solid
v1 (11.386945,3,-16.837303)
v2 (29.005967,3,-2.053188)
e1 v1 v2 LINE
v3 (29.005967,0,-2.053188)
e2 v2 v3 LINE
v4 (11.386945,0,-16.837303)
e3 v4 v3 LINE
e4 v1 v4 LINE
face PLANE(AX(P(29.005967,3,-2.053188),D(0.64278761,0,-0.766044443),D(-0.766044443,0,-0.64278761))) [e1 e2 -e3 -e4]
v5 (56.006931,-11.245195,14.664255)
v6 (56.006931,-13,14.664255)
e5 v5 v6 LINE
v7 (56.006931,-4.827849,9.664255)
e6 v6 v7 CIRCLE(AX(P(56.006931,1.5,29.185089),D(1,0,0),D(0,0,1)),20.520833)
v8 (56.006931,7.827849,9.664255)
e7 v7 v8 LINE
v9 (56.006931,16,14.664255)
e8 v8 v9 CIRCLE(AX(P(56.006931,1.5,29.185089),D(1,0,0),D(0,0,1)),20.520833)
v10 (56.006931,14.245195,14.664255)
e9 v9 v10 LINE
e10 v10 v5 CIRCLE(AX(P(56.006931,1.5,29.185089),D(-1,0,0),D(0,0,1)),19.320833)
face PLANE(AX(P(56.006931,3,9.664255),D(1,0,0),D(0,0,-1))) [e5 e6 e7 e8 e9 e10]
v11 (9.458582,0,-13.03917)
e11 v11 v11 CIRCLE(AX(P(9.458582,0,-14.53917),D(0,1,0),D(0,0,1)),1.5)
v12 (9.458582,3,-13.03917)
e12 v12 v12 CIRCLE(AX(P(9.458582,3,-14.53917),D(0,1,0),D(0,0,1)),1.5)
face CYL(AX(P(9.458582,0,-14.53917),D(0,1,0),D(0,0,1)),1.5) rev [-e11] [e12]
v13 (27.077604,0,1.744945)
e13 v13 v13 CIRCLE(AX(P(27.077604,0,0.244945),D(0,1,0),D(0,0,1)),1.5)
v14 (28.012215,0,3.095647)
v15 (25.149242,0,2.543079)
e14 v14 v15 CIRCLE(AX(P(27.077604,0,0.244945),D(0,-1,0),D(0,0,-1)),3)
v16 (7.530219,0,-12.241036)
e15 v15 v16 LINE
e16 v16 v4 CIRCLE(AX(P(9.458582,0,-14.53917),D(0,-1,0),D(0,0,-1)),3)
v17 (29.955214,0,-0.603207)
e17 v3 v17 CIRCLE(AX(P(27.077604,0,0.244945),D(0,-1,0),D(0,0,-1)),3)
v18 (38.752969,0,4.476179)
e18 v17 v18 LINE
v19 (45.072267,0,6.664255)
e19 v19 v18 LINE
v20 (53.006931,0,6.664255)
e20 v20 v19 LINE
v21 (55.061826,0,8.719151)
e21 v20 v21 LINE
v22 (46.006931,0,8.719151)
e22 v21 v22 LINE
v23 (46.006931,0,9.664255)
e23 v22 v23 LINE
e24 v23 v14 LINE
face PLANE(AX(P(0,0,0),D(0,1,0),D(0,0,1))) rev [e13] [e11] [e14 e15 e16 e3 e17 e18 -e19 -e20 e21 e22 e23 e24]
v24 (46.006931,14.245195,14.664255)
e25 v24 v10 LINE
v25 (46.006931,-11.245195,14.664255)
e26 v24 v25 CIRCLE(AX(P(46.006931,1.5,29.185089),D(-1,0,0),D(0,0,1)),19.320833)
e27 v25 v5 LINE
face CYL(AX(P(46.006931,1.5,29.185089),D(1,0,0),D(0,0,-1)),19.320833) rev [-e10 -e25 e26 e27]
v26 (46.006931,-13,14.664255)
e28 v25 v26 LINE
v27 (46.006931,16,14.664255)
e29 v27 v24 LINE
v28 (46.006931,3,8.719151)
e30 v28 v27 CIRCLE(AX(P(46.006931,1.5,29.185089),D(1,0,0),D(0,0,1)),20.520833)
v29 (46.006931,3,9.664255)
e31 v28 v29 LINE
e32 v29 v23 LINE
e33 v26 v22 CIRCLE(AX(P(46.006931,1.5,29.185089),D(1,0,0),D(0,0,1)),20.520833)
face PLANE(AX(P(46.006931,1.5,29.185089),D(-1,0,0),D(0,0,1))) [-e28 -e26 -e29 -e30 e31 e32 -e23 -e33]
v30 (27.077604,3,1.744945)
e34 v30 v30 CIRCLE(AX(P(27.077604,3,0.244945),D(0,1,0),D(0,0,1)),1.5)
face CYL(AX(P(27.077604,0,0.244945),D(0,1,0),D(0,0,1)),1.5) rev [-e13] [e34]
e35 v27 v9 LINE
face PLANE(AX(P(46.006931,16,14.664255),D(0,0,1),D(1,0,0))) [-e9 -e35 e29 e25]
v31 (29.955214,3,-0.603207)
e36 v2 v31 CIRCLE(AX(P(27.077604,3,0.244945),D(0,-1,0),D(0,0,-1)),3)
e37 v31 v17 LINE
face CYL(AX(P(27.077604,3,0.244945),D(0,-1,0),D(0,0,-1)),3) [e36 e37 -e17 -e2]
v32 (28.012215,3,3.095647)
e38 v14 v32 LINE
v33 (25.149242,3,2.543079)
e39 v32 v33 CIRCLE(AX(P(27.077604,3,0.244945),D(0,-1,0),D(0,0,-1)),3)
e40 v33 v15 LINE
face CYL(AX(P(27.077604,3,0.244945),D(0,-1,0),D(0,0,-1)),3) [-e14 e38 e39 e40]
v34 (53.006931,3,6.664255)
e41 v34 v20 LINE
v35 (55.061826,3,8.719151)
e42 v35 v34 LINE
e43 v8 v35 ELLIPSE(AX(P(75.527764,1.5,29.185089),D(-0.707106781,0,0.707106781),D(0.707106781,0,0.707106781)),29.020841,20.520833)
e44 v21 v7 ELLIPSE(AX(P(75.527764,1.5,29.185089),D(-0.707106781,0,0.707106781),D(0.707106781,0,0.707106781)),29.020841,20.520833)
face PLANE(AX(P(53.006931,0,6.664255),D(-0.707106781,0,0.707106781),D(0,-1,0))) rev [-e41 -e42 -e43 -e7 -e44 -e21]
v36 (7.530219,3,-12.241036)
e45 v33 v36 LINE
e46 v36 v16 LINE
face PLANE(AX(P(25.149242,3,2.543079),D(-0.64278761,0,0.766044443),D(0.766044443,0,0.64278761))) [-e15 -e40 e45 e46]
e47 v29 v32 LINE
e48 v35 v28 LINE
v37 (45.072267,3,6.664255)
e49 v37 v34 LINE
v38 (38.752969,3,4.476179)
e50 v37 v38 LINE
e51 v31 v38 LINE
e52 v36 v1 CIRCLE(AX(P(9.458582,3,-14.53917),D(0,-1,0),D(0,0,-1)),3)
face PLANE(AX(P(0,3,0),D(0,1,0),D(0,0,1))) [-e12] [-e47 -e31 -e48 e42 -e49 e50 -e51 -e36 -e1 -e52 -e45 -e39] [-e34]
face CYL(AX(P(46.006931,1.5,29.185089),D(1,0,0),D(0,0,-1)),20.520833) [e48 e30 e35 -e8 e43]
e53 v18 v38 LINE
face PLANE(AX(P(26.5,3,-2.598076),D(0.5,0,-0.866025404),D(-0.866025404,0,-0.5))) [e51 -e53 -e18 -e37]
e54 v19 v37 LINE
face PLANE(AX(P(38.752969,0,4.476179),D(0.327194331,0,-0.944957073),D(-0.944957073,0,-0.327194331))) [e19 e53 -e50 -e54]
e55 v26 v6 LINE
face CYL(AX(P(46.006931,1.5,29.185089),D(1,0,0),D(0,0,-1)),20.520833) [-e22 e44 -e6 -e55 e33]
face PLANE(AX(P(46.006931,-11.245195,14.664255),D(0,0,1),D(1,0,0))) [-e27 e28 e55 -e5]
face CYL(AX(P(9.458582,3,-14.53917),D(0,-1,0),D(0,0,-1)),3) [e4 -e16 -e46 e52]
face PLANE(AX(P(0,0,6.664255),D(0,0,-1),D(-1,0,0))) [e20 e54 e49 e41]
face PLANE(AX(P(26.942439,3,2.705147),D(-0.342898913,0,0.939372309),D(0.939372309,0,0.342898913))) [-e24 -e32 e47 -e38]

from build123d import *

# Parameters (mm, degrees)
SKETCH_1_R          = 1.5
SKETCH_1_R_2        = 1.5000000000000007
EXTRUDE_1_DEPTH     = 3
EXTRUDE_2_DEPTH     = 3
EXTRUDE_3_DEPTH     = 10
EXTRUDE_4_DEPTH     = 3
SKETCH_5_W          = 5.158542288566252
SKETCH_5_H          = 3
EXTRUDE_5_DEPTH     = 2
SKETCH_6_W          = 7
SKETCH_6_H          = 3
EXTRUDE_6_DEPTH     = 2
CHAMFER_1_SIZE      = 3
SKETCH_7_W          = 66.6001387822102
SKETCH_7_H          = 28.97194366122671
CUT_EXTRUDE_1_DEPTH = 80
EXTRUDE_8_DEPTH     = 3
SKETCH_10_R         = 1.4999999999999987
SKETCH_10_R_2       = 1.5000000000000007
CUT_EXTRUDE_2_DEPTH = 3


with BuildPart() as part:
    # 草图1 → 凸台-拉伸1 (new body)
    with BuildSketch(Plane(origin=(0, 0, 0), x_dir=(1, 0, 0), z_dir=(0, 1, 0))):
        with BuildLine():
            Line((0, 2.999999999999999), (25, 2.999999999999999))
            ThreePointArc((25, 2.999999999999999), (28, 0), (25, -2.999999999999999))
            Line((25, -2.999999999999999), (0, -2.999999999999999))
            ThreePointArc((0, -2.999999999999999), (-2.999999999999997, 3.7e-16), (0, 2.999999999999999))
        make_face()
        with Locations(Location((0, 0, 0), (0, 0, 270))):
            Circle(SKETCH_1_R, mode=Mode.SUBTRACT)
        with Locations(Location((25, 0, 0), (0, 0, 270))):
            Circle(SKETCH_1_R_2, mode=Mode.SUBTRACT)
    extrude(amount=EXTRUDE_1_DEPTH)

    # 草图2 → 凸台-拉伸2 (add)
    with BuildSketch(Plane.XZ):
        with BuildLine():
            Line((26.499999999999986, -2.5980762113533244), (46.006930637676454, 8.664255443372392))
            Line((46.006930637676454, 8.664255443372392), (56.006930637676454, 8.664255443372392))
            Line((56.006930637676454, 8.664255443372392), (56.00693063767646, 9.66425544337239))
            Line((56.00693063767646, 9.66425544337239), (46.006930637676476, 9.66425544337241))
            Line((46.006930637676476, 9.66425544337241), (26.942439211337344, 2.7051474006582077))
            Line((26.942439211337344, 2.7051474006582077), (25.518180954342487, 2.9549092200195775))
            ThreePointArc((25.518180954342487, 2.9549092200195775), (27.954179309279922, 0.522326151578114), (26.499999999999986, -2.5980762113533244))
        make_face()
    extrude(amount=-EXTRUDE_2_DEPTH)

    # 草图3 → 凸台-拉伸3 (add)
    with BuildSketch(Plane(origin=(56.0069306376764, 0, -3.8863e-13), x_dir=(-6.94e-15, 0, -1), z_dir=(1, 0, -6.94e-15))):
        with BuildLine():
            Line((-14.664255443372781, 16), (-14.664255443372781, 14.245195173083879))
            ThreePointArc((-14.664255443372781, 14.245195173083879), (-9.864255443372706, 1.5000000000000009), (-14.664255443372777, -11.24519517308388))
            Line((-14.664255443372777, -11.24519517308388), (-14.664255443372777, -13))
            ThreePointArc((-14.664255443372777, -13), (-8.66425544337271, 1.5000000000000009), (-14.664255443372781, 16))
        make_face()
    extrude(amount=-EXTRUDE_3_DEPTH)

    # 草图4 → 凸台-拉伸4 (add)
    with BuildSketch(Plane(origin=(0, 3, 0), x_dir=(1, 0, 0), z_dir=(0, 1, 0))):
        Polygon((38.75296926264814, -4.476178890808707), (51.00693063767646, -8.719151204865875), (46.006930637676454, -8.664255443372392), align=None)
    extrude(amount=-EXTRUDE_4_DEPTH)

    # 草图5 → 凸台-拉伸5 (add)
    with BuildSketch(Plane(origin=(0, 0, 8.664255443372392), x_dir=(-1, 0, 0), z_dir=(0, 0, -1))):
        with Locations((-53.42765949339333, 1.5)):
            Rectangle(SKETCH_5_W, SKETCH_5_H)
    extrude(amount=EXTRUDE_5_DEPTH)

    # 草图6 → 凸台-拉伸6 (add)
    with BuildSketch(Plane(origin=(0, 0, 6.664255443372392), x_dir=(-1, 0, 0), z_dir=(0, 0, -1))):
        with Locations((-47.3483883491102, 1.5)):
            Rectangle(SKETCH_6_W, SKETCH_6_H)
    extrude(amount=-EXTRUDE_6_DEPTH)

    # 倒角1
    chamfer_1_edges = [part.edges().sort_by_distance(p)[0] for p in [
        (56.006930637676454, 1.5, 6.664255443372392),
    ]]
    chamfer(chamfer_1_edges, length=CHAMFER_1_SIZE)

    # 草图7 → 切除-拉伸1 (cut)
    with BuildSketch(Plane.XZ):
        with Locations((-6.222464944833996, 7.620791926380881)):
            Rectangle(SKETCH_7_W, SKETCH_7_H)
    extrude(amount=-CUT_EXTRUDE_1_DEPTH, mode=Mode.SUBTRACT)

    # 草图8 → 凸台-拉伸8 (add)
    with BuildSketch(Plane.XZ):
        with BuildLine():
            Line((29.005967275330715, -2.053188022146578), (11.386945083594192, -16.83730304493695))
            ThreePointArc((11.386945083594192, -16.83730304493695), (7.160448925177645, -16.46753254463963), (7.530219425474969, -12.241036386223078))
            Line((7.530219425474969, -12.241036386223078), (25.14924161721149, 2.5430786365672917))
            ThreePointArc((25.14924161721149, 2.5430786365672917), (29.37573777562804, 2.173308136269972), (29.005967275330715, -2.053188022146578))
        make_face()
    extrude(amount=-EXTRUDE_8_DEPTH)

    # 草图10 → 切除-拉伸2 (cut)
    with BuildSketch(Plane(origin=(0, 3, 0), x_dir=(1, 0, 0), z_dir=(0, 1, 0))):
        with Locations(Location((9.458582254534583, 14.539169715580016, 0), (0, 0, 270))):
            Circle(SKETCH_10_R)
        with Locations(Location((27.077604446271103, -0.24494530721035945, 0), (0, 0, 270))):
            Circle(SKETCH_10_R_2)
    extrude(amount=-CUT_EXTRUDE_2_DEPTH, mode=Mode.SUBTRACT)


solid = part.part
